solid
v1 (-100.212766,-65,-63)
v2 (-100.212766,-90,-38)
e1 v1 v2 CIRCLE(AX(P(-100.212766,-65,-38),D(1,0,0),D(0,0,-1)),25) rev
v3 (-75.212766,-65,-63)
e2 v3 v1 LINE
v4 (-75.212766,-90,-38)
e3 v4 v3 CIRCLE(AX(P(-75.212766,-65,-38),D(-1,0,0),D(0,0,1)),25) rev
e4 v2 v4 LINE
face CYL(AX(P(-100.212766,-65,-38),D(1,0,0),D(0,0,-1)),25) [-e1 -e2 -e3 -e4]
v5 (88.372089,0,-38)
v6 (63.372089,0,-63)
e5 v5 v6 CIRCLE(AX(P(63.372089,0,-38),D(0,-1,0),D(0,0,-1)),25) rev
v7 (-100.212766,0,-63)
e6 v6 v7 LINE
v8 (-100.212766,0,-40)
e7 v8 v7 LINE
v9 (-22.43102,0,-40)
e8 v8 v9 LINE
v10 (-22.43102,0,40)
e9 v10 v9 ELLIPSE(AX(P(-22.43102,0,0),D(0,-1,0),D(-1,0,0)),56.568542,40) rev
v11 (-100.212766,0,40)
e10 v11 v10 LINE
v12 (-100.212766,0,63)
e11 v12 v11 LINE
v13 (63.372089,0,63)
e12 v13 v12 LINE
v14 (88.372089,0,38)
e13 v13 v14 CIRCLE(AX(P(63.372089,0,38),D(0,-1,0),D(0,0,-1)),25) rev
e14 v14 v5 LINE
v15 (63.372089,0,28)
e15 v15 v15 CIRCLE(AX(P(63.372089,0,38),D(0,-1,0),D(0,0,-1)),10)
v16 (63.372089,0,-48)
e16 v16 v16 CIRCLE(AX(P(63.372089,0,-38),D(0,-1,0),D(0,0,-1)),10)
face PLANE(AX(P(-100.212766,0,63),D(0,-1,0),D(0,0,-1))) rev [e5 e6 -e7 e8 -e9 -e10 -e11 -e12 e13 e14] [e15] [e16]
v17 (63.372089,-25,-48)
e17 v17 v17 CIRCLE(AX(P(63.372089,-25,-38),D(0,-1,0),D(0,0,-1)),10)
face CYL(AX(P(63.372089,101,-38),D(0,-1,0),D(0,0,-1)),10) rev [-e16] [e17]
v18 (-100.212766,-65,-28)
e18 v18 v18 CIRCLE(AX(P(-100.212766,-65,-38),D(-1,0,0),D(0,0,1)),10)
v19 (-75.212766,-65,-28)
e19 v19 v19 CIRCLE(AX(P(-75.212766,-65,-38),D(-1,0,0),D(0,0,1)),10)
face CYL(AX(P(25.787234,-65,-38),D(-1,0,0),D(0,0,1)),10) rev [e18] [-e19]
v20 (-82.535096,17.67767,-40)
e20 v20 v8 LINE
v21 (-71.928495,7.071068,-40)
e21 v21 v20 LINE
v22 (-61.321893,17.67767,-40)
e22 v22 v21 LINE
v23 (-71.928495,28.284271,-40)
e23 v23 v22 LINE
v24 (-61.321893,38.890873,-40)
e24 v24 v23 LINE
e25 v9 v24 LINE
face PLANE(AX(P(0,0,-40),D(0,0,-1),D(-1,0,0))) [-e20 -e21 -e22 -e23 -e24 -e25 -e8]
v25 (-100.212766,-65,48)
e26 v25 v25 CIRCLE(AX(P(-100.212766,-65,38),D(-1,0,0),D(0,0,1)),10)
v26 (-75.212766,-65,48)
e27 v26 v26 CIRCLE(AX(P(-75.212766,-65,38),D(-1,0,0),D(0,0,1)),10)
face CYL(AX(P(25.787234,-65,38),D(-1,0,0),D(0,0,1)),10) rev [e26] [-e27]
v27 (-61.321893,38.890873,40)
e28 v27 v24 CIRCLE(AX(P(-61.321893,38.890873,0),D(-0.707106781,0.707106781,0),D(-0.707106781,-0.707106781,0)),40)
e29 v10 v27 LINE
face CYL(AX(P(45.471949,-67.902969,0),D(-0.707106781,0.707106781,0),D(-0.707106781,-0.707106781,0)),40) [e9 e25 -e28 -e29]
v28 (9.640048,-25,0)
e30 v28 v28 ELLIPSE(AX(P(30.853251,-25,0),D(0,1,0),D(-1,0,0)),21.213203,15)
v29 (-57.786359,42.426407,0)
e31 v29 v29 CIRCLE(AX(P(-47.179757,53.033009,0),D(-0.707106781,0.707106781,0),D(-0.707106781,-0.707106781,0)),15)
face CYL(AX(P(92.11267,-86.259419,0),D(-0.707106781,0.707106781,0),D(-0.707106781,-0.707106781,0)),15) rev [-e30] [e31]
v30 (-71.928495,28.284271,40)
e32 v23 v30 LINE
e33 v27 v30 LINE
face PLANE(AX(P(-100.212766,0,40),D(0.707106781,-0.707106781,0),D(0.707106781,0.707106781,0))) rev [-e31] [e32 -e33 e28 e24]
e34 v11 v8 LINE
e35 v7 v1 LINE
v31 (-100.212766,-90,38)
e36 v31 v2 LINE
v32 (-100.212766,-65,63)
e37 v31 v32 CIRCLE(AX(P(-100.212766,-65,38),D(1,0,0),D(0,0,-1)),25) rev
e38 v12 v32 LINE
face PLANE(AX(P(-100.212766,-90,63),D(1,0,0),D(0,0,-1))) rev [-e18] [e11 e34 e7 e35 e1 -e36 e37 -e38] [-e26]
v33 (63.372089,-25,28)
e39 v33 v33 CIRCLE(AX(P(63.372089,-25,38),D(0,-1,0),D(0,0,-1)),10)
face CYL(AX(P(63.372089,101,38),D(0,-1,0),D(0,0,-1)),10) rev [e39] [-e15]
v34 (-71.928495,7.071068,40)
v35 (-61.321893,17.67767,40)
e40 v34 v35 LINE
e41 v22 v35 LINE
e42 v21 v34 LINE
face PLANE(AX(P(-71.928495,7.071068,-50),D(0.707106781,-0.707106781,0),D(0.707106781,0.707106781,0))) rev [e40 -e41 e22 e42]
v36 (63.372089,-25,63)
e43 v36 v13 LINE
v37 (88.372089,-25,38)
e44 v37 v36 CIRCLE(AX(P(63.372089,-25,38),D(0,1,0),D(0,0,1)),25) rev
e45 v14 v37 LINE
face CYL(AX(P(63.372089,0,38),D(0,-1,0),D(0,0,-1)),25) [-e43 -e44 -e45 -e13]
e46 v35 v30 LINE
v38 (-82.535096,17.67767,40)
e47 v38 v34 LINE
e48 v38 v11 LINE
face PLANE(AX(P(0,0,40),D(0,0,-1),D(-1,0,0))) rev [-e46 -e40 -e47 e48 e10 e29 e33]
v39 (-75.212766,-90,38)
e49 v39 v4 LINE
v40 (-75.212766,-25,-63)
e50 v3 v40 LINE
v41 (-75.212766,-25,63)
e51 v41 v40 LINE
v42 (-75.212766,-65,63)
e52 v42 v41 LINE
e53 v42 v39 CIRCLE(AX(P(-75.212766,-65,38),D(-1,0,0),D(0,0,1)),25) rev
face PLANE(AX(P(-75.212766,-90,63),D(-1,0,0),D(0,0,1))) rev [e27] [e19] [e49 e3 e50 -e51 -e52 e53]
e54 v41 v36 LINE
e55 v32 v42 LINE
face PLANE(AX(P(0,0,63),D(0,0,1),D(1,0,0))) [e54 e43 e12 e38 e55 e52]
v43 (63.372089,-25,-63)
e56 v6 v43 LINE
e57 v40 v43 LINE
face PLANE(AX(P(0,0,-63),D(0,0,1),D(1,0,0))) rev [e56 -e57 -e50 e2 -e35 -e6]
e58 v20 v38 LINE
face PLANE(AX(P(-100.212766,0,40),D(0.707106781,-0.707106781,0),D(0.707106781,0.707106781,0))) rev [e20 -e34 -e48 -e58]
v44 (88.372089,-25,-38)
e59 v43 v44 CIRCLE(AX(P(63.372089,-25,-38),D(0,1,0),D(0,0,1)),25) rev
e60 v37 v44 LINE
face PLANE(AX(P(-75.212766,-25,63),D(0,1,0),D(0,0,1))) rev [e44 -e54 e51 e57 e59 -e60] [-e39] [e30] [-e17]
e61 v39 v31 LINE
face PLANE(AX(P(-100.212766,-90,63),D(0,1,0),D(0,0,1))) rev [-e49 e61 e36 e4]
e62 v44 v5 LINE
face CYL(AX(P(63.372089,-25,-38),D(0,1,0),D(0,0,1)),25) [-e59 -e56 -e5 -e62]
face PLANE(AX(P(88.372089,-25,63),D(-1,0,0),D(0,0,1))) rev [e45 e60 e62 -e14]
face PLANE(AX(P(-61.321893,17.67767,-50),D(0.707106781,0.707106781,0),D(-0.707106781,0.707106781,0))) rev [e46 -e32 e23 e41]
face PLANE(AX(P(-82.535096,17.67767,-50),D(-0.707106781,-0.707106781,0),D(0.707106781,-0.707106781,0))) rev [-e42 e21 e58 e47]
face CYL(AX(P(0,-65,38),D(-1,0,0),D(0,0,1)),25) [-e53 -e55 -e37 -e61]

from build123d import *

# Parameters (mm, degrees)
BOSS_EXTRUDE1_DEPTH = 63
FILLET1_R           = 25
SKETCH2_R           = 10
CUT_EXTRUDE1_DEPTH  = 126
SKETCH3_R           = 10
CUT_EXTRUDE2_DEPTH  = 126
BOSS_EXTRUDE2_DEPTH = 40
BOSS_EXTRUDE6_REACH = 208.821
SKETCH10_R          = 40
SKETCH11_R          = 15
CUT_EXTRUDE11_DEPTH = 207.821386
CUT_EXTRUDE12_DEPTH = 90


with BuildPart() as part:
    # Sketch1 → Boss-Extrude1 (new, symmetric)
    with BuildSketch(Plane.XY):
        Polygon((-100.212766, -90), (-100.212766, 0), (88.372089, 0), (88.372089, -25), (-75.212766, -25), (-75.212766, -90), align=None)
    extrude(amount=BOSS_EXTRUDE1_DEPTH, both=True)

    # Fillet1
    fillet1_edges = [part.edges().sort_by_distance(p)[0] for p in [
        (88.372089, -12.5, 63),
        (-87.712766, -90, 63),
        (88.372089, -12.5, -63),
        (-87.712766, -90, -63),
    ]]
    fillet(fillet1_edges, radius=FILLET1_R)

    # Sketch2 → Cut-Extrude1 (cut)
    with BuildSketch(Plane.XZ.offset(25)):
        with Locations(Location((63.372089, -38, 0), (0, 0, 270))):
            Circle(SKETCH2_R)
        with Locations(Location((63.372089, 38, 0), (0, 0, 270))):
            Circle(SKETCH2_R)
    extrude(amount=-CUT_EXTRUDE1_DEPTH, mode=Mode.SUBTRACT)

    # Sketch3 → Cut-Extrude2 (cut)
    with BuildSketch(Plane.ZY.offset(100.212766)):
        with Locations((-38, -65)):
            Circle(SKETCH3_R)
        with Locations((38, -65)):
            Circle(SKETCH3_R)
    extrude(amount=-CUT_EXTRUDE2_DEPTH, mode=Mode.SUBTRACT)

    # Sketch4 → Boss-Extrude2 (add, symmetric)
    with BuildSketch(Plane.XY):
        Polygon((-100.212766, 0), (-61.321893, 38.890873), (-22.43102, 0), align=None)
    extrude(amount=BOSS_EXTRUDE2_DEPTH, both=True)

    # Boss-Extrude6: up to this plane
    boss_extrude6_end = Plane(origin=(-100.212766, 0, 63), z_dir=(0, -1, 0))
    # Sketch10 → Boss-Extrude6 (add, up to the surface)
    with BuildSketch(Plane(origin=(-50.106383, 50.106383, 0), x_dir=(0, 0, 1), z_dir=(-0.7071067811865438, 0.7071067811865512, 0)), mode=Mode.PRIVATE) as boss_extrude6_sk1:
        with Locations((0, -15.861126)):
            Circle(SKETCH10_R)
    boss_extrude6_tool1 = split(extrude(boss_extrude6_sk1.sketch, amount=-BOSS_EXTRUDE6_REACH, mode=Mode.PRIVATE), bisect_by=boss_extrude6_end, keep=Keep.BOTH, mode=Mode.PRIVATE)
    add(boss_extrude6_tool1.solids().sort_by_distance((-61.321893, 38.890873, 0))[0])

    # Sketch11 → Cut-Extrude11 (cut, through all)
    with BuildSketch(Plane(origin=(-50.106383, 50.106383, 0), x_dir=(0, 0, 1), z_dir=(-0.7071067811865438, 0.7071067811865512, 0))):
        with Locations(Location((0, 4.138874, 0), (0, 0, 270))):
            Circle(SKETCH11_R)
    extrude(amount=-CUT_EXTRUDE11_DEPTH, mode=Mode.SUBTRACT)

    # Sketch12 → Cut-Extrude12 (cut)
    with BuildSketch(Plane.XY.offset(40)):
        Polygon((-82.535096, 17.67767), (-71.928495, 7.071068), (-61.321893, 17.67767), (-71.928495, 28.284271), align=None)
    extrude(amount=-CUT_EXTRUDE12_DEPTH, mode=Mode.SUBTRACT)


solid = part.part
